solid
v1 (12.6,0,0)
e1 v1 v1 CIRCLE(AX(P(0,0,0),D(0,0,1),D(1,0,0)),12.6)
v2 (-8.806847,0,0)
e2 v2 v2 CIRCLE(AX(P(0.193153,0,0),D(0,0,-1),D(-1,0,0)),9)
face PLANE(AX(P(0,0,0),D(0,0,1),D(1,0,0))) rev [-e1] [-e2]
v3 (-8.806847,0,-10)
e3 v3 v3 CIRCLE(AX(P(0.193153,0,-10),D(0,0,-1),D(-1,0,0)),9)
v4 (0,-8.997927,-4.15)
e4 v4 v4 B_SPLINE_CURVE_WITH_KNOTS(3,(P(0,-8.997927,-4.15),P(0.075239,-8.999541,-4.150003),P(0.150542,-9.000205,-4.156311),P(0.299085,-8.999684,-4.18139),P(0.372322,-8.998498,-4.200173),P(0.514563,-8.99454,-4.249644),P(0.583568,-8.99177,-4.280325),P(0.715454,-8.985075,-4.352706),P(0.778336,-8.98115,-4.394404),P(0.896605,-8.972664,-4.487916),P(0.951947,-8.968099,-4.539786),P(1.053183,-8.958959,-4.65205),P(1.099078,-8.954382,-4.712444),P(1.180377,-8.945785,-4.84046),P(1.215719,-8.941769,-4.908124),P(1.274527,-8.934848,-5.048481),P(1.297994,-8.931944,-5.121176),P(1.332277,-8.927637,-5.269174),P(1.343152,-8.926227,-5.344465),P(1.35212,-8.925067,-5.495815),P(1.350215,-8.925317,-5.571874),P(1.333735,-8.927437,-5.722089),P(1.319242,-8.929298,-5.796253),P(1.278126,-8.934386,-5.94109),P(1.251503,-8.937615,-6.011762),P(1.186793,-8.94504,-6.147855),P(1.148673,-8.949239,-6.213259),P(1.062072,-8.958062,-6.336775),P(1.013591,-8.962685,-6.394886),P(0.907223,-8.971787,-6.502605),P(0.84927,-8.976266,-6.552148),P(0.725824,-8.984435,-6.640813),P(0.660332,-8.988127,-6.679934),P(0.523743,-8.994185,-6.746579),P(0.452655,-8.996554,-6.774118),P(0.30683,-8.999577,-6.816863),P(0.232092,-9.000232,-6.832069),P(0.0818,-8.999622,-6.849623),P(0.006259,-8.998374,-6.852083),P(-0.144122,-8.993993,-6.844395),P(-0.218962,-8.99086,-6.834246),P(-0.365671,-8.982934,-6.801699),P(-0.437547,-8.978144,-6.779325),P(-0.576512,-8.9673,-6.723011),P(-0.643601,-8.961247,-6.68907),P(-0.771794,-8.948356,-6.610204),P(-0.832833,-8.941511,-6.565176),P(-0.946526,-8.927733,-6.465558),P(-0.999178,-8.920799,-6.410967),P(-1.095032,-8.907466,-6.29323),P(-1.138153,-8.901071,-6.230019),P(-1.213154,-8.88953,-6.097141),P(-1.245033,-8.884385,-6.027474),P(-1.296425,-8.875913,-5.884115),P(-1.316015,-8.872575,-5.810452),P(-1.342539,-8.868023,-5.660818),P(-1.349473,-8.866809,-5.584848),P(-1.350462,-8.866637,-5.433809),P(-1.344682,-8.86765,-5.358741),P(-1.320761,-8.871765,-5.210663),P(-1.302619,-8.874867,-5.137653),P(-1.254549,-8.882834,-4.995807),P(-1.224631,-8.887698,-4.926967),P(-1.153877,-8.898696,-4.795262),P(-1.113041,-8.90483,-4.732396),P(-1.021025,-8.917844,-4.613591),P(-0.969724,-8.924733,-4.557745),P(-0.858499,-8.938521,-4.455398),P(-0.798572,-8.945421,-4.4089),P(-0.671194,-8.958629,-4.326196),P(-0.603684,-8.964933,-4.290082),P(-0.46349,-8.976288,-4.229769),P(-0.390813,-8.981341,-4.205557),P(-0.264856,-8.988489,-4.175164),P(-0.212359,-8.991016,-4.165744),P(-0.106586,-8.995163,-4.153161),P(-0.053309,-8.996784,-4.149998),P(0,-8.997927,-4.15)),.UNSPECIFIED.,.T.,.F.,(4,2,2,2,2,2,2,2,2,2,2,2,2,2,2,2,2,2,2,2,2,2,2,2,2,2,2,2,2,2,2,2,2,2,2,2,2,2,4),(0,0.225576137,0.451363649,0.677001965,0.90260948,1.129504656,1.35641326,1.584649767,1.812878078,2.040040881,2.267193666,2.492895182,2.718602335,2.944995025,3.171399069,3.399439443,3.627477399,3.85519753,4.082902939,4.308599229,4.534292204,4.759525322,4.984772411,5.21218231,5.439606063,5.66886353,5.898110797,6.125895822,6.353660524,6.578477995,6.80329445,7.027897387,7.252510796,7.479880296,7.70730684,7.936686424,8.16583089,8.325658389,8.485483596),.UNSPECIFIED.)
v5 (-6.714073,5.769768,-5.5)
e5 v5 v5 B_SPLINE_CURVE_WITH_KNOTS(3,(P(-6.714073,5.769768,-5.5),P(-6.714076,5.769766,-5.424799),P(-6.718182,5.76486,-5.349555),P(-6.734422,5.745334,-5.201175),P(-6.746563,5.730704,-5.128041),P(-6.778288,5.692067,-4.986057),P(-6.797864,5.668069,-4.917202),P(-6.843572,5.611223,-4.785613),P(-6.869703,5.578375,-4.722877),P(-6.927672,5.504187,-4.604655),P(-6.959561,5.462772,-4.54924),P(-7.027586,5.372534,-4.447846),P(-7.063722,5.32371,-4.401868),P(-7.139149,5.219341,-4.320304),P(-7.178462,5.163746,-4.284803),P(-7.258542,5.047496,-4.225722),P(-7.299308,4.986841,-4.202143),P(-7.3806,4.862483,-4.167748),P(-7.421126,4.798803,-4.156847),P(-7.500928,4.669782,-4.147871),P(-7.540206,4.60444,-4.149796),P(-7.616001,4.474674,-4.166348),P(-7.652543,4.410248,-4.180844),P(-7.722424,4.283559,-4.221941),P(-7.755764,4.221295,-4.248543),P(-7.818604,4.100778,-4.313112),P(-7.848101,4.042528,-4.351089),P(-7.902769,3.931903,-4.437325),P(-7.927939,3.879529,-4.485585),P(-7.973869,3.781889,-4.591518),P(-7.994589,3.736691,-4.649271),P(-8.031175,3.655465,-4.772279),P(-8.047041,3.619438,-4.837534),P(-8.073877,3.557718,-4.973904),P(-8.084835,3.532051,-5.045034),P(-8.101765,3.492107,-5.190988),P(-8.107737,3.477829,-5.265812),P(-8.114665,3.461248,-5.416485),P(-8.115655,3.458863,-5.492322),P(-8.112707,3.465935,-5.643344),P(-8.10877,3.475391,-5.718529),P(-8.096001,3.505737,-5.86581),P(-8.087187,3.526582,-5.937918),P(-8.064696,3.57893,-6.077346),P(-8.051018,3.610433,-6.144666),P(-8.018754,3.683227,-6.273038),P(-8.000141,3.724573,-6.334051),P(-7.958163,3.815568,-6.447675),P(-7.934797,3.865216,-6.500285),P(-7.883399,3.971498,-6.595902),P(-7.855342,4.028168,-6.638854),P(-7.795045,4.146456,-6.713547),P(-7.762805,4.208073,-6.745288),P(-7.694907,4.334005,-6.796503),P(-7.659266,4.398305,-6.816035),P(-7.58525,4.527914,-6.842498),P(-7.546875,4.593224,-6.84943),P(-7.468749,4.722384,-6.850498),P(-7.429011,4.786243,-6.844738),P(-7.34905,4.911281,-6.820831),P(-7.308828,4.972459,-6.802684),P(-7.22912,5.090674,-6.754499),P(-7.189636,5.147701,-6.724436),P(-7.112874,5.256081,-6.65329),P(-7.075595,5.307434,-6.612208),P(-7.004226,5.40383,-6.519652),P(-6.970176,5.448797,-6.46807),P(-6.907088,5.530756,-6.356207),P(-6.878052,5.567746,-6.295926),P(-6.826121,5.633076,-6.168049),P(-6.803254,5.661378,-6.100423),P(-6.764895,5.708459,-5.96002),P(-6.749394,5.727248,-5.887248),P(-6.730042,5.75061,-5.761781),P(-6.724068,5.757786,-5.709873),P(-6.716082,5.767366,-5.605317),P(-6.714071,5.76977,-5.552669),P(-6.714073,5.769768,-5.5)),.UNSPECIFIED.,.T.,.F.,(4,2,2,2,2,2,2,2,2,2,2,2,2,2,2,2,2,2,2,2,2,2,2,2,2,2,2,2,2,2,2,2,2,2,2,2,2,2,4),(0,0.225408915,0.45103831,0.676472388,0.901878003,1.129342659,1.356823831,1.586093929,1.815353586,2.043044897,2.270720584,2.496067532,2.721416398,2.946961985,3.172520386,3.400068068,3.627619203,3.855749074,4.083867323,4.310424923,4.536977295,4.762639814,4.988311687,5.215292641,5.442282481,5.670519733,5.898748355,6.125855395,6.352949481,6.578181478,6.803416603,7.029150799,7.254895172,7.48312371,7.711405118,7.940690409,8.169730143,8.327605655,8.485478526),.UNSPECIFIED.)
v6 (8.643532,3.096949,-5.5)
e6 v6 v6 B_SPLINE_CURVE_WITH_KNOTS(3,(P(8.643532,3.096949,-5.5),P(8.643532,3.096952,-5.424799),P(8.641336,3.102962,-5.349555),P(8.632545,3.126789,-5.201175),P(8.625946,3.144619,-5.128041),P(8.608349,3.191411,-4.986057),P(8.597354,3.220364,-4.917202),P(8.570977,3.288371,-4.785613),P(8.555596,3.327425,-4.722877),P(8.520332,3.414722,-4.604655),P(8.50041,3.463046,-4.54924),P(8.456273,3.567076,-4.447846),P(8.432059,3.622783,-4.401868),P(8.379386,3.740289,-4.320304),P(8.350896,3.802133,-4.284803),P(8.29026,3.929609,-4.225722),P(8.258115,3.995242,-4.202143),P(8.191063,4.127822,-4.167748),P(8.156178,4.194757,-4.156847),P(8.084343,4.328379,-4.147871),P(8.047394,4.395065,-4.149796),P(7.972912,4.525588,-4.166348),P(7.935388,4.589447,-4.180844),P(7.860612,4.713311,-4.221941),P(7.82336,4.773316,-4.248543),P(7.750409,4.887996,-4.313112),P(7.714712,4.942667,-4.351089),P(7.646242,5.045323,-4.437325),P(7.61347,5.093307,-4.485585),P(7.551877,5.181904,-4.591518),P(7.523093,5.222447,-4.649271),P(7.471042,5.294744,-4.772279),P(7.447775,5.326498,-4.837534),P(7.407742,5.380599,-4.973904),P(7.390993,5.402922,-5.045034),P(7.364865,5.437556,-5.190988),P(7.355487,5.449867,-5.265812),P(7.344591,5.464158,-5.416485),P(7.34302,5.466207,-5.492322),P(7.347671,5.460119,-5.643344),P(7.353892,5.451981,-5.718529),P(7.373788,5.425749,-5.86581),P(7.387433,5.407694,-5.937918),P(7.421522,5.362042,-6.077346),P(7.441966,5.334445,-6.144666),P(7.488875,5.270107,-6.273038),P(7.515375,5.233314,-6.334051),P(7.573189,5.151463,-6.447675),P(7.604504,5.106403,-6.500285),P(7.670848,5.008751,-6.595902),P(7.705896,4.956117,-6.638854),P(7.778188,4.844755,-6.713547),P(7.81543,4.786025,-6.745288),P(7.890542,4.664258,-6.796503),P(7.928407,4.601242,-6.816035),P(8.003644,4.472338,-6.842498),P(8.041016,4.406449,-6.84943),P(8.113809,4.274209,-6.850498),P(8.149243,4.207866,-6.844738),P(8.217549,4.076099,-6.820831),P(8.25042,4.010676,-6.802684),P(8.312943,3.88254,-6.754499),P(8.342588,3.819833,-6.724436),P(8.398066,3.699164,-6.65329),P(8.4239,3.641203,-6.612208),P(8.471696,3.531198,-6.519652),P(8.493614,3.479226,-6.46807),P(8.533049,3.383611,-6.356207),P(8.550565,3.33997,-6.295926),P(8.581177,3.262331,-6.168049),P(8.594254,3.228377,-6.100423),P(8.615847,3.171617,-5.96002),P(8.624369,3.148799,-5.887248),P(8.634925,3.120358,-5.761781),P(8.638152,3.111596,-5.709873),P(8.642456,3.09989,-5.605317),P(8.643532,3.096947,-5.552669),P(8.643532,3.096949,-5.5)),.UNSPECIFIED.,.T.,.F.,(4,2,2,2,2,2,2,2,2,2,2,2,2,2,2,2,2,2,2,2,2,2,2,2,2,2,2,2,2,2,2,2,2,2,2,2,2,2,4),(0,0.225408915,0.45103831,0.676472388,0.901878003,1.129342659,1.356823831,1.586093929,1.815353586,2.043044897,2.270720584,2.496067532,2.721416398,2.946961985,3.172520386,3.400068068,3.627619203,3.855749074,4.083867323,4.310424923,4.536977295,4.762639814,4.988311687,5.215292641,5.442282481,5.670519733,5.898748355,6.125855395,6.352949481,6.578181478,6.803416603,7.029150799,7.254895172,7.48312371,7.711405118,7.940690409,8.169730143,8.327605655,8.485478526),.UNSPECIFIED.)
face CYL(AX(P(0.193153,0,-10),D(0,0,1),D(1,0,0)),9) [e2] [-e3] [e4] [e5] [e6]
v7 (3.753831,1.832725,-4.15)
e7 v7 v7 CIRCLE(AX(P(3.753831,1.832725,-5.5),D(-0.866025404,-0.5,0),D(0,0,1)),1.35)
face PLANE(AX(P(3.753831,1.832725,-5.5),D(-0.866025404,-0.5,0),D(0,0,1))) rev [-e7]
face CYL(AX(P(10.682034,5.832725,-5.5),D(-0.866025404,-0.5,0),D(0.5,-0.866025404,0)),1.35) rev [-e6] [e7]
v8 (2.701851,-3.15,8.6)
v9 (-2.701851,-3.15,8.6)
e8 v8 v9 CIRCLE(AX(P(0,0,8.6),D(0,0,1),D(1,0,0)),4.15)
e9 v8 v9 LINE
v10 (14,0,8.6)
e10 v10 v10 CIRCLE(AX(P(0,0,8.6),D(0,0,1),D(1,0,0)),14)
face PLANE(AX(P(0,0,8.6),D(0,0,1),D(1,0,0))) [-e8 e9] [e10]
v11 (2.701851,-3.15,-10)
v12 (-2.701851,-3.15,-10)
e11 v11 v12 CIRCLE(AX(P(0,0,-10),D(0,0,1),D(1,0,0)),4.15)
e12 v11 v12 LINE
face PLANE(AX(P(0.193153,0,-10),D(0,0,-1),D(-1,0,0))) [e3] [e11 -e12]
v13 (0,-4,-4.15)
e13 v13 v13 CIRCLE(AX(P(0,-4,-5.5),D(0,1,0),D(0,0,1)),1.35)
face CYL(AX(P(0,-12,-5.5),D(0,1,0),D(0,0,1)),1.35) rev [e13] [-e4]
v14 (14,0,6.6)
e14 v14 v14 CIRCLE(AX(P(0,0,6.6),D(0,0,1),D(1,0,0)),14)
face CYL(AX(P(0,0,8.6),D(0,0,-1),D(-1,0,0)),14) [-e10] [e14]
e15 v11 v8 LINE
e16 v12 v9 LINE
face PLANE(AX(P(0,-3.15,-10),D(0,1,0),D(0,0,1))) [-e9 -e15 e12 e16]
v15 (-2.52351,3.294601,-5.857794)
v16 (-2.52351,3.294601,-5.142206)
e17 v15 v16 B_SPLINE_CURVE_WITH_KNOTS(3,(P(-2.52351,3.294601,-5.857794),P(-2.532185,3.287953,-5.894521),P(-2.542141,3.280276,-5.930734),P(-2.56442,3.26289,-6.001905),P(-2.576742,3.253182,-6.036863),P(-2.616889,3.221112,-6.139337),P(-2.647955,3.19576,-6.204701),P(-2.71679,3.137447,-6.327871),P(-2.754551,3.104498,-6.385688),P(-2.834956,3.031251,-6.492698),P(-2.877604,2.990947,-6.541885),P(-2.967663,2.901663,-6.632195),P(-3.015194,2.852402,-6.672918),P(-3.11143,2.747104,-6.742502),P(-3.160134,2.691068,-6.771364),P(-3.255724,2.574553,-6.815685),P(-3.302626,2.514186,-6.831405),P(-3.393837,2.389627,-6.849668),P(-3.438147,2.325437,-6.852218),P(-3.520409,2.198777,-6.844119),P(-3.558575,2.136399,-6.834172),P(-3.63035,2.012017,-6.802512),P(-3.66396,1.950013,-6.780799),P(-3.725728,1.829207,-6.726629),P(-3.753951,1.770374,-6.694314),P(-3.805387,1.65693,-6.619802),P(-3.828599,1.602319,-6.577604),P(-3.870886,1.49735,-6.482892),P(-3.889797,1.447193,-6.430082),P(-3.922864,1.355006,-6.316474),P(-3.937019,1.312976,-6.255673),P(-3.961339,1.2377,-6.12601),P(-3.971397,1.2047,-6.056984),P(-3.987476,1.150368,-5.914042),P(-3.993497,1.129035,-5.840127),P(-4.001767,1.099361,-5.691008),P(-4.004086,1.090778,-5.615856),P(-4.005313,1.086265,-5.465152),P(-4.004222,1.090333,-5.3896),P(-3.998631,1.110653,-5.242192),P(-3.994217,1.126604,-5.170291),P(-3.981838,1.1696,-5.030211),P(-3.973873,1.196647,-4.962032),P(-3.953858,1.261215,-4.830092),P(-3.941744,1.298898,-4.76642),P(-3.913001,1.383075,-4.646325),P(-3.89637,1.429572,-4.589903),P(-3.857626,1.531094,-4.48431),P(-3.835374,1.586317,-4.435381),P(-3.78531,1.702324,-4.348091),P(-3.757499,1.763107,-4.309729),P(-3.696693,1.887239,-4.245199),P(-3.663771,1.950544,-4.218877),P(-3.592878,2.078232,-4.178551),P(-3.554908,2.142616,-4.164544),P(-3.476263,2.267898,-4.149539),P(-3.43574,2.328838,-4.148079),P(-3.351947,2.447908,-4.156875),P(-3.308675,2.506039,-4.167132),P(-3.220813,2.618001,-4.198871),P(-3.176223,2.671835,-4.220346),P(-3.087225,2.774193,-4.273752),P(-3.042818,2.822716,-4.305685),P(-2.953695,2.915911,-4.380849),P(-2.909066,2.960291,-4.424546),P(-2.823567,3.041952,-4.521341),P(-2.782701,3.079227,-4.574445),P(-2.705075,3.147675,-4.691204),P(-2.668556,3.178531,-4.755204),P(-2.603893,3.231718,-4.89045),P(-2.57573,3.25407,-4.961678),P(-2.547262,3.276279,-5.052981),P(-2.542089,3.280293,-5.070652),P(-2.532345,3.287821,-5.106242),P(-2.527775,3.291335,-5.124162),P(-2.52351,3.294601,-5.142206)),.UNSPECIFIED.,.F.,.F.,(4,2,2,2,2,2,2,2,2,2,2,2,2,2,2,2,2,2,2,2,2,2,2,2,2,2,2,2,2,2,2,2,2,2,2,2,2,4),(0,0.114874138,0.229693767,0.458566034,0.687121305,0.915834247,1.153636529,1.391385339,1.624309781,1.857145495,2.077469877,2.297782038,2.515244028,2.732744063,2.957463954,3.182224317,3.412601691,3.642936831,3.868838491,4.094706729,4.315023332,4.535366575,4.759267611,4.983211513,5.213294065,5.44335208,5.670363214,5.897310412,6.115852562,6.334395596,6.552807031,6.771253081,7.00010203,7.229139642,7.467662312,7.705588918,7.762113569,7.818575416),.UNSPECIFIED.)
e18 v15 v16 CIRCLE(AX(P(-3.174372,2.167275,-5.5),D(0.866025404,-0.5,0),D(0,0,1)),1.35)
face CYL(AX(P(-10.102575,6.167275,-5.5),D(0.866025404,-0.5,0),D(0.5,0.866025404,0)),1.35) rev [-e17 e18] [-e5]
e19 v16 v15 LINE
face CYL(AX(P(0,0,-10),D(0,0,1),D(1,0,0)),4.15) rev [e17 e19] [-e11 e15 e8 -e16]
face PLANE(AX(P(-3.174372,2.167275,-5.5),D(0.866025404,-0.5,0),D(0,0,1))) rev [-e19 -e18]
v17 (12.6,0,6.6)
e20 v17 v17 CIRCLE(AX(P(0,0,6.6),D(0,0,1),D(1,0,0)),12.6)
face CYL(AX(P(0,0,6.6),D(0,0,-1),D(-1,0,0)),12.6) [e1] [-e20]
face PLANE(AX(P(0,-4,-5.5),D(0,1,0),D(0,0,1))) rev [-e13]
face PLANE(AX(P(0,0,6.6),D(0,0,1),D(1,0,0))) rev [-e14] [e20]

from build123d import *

# Parameters (mm, degrees)
SKETCH_1_R               = 12.6
EXTRUDE_1_DEPTH          = 6.6
SKETCH_2_R               = 14
EXTRUDE_2_DEPTH          = 2
SKETCH_4_R               = 9
EXTRUDE_3_DEPTH          = 10
CUT_EXTRUDE_START        = -4
SKETCH_5_R               = 1.35
CUT_EXTRUDE_2_DEPTH      = 8
CUT_EXTRUDE_1_DEPTH      = 28.165419263
PATTERN_CIRCULAR_1_COUNT = 3


with BuildPart() as part:
    # 草图1 → 凸台-拉伸1 (new body)
    with BuildSketch(Plane.XY):
        Circle(SKETCH_1_R)
    extrude(amount=EXTRUDE_1_DEPTH)

    # 草图2 → 凸台-拉伸2 (add)
    with BuildSketch(Plane.XY.offset(6.6)):
        Circle(SKETCH_2_R)
    extrude(amount=EXTRUDE_2_DEPTH)

    # 草图4 → 凸台-拉伸3 (add)
    with BuildSketch(Plane(origin=(0, 0, 0), x_dir=(-1, 0, 0), z_dir=(0, 0, -1))):
        with Locations((-0.193153064, 0)):
            Circle(SKETCH_4_R)
    extrude(amount=EXTRUDE_3_DEPTH)

    # 草图5 → 切除-拉伸2 (cut)
    with BuildSketch(Plane(origin=(0, 0, 0), x_dir=(1, 0, 0), z_dir=(0, 1, 0)).offset(CUT_EXTRUDE_START)):
        with Locations(Location((0, 5.5, 0), (0, 0, 270))):
            Circle(SKETCH_5_R)
    cut_extrude_2 = extrude(amount=-CUT_EXTRUDE_2_DEPTH, mode=Mode.SUBTRACT)

    # 草图3 → 切除-拉伸1 (cut, through all)
    with BuildSketch(Plane.XY.offset(8.6)):
        with BuildLine():
            Line((-2.701851217, -3.15), (2.701851217, -3.15))
            ThreePointArc((2.701851217, -3.15), (0, 4.15), (-2.701851217, -3.15))
        make_face()
    extrude(amount=-CUT_EXTRUDE_1_DEPTH, mode=Mode.SUBTRACT)

    # 阵列(圆周)1: 切除-拉伸2 ×3 about axis
    pattern_circular_1_axis = Axis((0.193153064, 0, 0), (0, 0, 1))
    for i in range(1, PATTERN_CIRCULAR_1_COUNT):
        add(cut_extrude_2.rotate(pattern_circular_1_axis, i * 360 / PATTERN_CIRCULAR_1_COUNT), mode=Mode.SUBTRACT)


solid = part.part
